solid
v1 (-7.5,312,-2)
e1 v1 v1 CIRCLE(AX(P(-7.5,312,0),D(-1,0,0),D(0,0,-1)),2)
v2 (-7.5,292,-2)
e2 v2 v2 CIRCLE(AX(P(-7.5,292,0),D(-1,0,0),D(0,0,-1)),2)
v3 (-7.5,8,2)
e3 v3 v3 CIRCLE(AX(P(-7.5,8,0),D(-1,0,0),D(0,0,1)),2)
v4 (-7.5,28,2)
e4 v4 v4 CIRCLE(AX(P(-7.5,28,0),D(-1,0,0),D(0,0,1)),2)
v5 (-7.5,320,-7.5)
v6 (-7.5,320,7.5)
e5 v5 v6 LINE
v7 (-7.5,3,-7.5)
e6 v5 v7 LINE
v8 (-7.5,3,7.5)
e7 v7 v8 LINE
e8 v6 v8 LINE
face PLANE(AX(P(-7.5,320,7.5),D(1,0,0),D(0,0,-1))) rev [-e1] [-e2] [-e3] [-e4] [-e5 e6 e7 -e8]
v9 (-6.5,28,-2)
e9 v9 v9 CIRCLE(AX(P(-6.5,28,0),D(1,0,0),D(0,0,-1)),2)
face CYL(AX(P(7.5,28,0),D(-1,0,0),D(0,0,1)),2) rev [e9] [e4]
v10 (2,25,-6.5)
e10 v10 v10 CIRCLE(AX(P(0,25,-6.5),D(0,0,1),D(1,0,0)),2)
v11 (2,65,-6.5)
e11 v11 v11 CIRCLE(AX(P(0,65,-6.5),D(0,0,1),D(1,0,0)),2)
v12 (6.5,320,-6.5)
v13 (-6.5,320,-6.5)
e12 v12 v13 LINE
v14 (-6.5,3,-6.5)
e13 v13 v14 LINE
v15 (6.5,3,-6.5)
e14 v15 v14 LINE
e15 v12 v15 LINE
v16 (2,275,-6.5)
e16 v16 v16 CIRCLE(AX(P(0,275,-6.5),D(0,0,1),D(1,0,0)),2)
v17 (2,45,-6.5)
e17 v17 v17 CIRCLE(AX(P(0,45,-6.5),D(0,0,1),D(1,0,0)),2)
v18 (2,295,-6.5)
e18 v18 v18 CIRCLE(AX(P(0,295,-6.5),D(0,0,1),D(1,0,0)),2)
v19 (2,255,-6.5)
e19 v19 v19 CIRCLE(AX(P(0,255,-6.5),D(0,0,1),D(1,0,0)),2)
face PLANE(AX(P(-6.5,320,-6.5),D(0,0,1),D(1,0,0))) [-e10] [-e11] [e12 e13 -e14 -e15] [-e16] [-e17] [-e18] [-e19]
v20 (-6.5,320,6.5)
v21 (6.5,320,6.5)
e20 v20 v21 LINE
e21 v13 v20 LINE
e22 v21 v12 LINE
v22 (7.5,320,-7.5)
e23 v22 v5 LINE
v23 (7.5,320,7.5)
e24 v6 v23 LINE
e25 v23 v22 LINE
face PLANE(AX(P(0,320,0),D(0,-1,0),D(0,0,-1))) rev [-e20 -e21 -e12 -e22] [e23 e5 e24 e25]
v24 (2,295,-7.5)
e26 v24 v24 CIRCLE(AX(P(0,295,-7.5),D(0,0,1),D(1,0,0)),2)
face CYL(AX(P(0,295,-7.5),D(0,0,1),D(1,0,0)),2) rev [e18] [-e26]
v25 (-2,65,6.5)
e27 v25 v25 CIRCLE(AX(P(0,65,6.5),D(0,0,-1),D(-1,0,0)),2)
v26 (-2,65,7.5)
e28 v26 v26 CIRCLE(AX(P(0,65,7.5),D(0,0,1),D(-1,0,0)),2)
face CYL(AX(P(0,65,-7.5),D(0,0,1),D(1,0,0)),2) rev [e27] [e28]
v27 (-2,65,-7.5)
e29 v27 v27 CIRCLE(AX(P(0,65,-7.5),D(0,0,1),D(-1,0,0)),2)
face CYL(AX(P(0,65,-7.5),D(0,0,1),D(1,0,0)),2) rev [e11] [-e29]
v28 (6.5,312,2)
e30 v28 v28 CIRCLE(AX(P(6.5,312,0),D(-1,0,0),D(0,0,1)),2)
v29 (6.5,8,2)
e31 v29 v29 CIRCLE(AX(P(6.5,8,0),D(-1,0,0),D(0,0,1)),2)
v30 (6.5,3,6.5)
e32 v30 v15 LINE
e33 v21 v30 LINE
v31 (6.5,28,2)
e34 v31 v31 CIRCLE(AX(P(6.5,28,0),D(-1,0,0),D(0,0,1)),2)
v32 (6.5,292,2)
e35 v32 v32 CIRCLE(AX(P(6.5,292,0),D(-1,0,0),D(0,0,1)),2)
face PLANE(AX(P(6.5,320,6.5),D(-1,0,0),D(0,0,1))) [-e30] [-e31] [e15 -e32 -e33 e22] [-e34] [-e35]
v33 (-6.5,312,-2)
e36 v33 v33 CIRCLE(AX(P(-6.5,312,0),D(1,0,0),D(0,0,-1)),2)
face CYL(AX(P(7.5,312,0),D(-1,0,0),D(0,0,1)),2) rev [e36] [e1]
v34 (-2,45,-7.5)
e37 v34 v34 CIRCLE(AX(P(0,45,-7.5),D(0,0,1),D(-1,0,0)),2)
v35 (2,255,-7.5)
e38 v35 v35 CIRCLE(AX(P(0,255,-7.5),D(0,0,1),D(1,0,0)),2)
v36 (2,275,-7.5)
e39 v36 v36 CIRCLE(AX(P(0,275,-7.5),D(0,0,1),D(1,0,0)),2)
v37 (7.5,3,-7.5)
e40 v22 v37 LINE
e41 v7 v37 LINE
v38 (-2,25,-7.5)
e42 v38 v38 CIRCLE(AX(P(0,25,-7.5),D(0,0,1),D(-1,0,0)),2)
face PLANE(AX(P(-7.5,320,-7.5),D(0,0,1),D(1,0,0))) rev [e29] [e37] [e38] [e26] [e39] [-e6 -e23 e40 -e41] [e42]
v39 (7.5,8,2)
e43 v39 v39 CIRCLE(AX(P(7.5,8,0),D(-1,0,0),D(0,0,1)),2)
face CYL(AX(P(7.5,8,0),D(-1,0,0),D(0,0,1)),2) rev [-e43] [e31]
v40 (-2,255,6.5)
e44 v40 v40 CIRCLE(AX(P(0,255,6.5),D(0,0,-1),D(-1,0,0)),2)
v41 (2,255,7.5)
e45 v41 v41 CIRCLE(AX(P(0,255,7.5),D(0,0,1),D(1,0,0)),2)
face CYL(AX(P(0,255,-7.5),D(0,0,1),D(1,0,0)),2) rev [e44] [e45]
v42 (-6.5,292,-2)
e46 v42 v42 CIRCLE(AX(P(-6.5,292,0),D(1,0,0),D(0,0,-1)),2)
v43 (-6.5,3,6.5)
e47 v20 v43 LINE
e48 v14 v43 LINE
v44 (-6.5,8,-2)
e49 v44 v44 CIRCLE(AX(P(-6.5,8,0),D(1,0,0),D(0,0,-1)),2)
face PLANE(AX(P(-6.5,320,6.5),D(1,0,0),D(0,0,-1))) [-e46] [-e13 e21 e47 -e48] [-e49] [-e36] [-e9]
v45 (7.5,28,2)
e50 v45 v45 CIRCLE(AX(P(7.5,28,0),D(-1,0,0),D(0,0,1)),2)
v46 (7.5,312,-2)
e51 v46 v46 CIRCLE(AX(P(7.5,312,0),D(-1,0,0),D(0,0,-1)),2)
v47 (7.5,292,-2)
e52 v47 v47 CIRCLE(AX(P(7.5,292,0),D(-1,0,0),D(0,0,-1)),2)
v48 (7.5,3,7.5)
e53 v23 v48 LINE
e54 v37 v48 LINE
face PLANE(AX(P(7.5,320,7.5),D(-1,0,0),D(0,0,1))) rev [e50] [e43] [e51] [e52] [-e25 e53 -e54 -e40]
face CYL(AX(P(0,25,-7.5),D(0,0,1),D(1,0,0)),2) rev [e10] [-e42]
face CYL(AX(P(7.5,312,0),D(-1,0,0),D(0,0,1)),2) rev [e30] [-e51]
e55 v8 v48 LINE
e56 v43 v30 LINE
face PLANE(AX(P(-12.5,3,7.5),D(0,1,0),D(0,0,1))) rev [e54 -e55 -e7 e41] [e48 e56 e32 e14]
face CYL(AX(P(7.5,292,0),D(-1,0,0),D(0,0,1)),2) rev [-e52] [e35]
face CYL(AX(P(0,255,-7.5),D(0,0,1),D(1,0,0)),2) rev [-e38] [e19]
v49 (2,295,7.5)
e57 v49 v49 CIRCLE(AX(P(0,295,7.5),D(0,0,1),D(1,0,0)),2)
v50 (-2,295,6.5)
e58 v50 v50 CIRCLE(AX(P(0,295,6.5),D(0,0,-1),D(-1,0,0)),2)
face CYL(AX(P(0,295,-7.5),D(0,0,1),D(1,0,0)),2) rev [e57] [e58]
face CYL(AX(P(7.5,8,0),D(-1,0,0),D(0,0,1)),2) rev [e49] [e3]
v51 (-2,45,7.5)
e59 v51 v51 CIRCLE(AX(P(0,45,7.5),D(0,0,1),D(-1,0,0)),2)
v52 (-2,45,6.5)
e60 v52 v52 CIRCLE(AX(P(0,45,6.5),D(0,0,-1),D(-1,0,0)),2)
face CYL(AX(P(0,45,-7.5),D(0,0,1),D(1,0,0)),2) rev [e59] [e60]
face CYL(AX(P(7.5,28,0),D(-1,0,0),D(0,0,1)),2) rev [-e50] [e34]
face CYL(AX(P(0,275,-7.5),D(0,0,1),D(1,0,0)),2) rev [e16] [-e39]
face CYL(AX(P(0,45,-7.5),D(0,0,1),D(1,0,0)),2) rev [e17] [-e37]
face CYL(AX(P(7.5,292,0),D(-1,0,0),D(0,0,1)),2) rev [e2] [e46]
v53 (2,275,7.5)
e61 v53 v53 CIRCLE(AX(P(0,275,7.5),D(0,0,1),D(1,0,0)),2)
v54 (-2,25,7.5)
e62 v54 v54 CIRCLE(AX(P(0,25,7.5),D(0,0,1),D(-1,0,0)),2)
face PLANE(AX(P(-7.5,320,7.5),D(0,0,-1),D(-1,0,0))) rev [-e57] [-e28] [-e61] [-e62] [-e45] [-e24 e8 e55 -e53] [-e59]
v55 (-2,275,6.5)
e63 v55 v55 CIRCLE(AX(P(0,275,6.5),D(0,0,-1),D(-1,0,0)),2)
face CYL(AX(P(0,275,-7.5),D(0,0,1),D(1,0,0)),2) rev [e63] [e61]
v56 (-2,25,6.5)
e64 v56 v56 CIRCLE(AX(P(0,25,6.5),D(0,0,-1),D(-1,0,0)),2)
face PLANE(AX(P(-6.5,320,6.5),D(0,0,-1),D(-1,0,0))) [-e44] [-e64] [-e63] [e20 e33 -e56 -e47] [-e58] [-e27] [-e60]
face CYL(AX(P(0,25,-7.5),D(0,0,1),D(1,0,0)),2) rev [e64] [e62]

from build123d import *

# Parameters (mm, degrees)
SKETCH_1_W          = 15
SKETCH_1_H          = 15
SKETCH_1_W_2        = 13
SKETCH_1_H_2        = 13
EXTRUDE_1_DEPTH     = 320
SKETCH_3_R          = 2
CUT_EXTRUDE_2_DEPTH = 321.43915179
SKETCH_4_R          = 2
CUT_EXTRUDE_3_DEPTH = 321.43915179
SKETCH_7_W          = 15
SKETCH_7_H          = 3
CUT_EXTRUDE_6_DEPTH = 20


with BuildPart() as part:
    # 草图1 → 凸台-拉伸1 (new body)
    with BuildSketch(Plane(origin=(0, 0, 0), x_dir=(1, 0, 0), z_dir=(0, 1, 0))):
        Rectangle(SKETCH_1_W, SKETCH_1_H)
        Rectangle(SKETCH_1_W_2, SKETCH_1_H_2, mode=Mode.SUBTRACT)
    extrude(amount=EXTRUDE_1_DEPTH)

    # 草图3 → 切除-拉伸2 (cut, through all)
    with BuildSketch(Plane.XY.offset(7.5)):
        with Locations((0, 295)):
            Circle(SKETCH_3_R)
        with Locations((0, 275)):
            Circle(SKETCH_3_R)
        with Locations(Location((0, 45, 0), (0, 0, 180))):
            Circle(SKETCH_3_R)
        with Locations(Location((0, 25, 0), (0, 0, 180))):
            Circle(SKETCH_3_R)
        with Locations((0, 255)):
            Circle(SKETCH_3_R)
        with Locations(Location((0, 65, 0), (0, 0, 180))):
            Circle(SKETCH_3_R)
    extrude(amount=-CUT_EXTRUDE_2_DEPTH, mode=Mode.SUBTRACT)

    # 草图4 → 切除-拉伸3 (cut, through all)
    with BuildSketch(Plane.ZY.offset(7.5)):
        with Locations((0, 8)):
            Circle(SKETCH_4_R)
        with Locations((0, 28)):
            Circle(SKETCH_4_R)
        with Locations(Location((0, 292, 0), (0, 0, 180))):
            Circle(SKETCH_4_R)
        with Locations(Location((0, 312, 0), (0, 0, 180))):
            Circle(SKETCH_4_R)
    extrude(amount=-CUT_EXTRUDE_3_DEPTH, mode=Mode.SUBTRACT)

    # 草图7 → 切除-拉伸6 (cut)
    with BuildSketch(Plane(origin=(7.5, 0, 0), x_dir=(0, 0, -1), z_dir=(1, 0, 0))):
        with Locations((0, 1.5)):
            Rectangle(SKETCH_7_W, SKETCH_7_H)
    extrude(amount=-CUT_EXTRUDE_6_DEPTH, mode=Mode.SUBTRACT)


solid = part.part
